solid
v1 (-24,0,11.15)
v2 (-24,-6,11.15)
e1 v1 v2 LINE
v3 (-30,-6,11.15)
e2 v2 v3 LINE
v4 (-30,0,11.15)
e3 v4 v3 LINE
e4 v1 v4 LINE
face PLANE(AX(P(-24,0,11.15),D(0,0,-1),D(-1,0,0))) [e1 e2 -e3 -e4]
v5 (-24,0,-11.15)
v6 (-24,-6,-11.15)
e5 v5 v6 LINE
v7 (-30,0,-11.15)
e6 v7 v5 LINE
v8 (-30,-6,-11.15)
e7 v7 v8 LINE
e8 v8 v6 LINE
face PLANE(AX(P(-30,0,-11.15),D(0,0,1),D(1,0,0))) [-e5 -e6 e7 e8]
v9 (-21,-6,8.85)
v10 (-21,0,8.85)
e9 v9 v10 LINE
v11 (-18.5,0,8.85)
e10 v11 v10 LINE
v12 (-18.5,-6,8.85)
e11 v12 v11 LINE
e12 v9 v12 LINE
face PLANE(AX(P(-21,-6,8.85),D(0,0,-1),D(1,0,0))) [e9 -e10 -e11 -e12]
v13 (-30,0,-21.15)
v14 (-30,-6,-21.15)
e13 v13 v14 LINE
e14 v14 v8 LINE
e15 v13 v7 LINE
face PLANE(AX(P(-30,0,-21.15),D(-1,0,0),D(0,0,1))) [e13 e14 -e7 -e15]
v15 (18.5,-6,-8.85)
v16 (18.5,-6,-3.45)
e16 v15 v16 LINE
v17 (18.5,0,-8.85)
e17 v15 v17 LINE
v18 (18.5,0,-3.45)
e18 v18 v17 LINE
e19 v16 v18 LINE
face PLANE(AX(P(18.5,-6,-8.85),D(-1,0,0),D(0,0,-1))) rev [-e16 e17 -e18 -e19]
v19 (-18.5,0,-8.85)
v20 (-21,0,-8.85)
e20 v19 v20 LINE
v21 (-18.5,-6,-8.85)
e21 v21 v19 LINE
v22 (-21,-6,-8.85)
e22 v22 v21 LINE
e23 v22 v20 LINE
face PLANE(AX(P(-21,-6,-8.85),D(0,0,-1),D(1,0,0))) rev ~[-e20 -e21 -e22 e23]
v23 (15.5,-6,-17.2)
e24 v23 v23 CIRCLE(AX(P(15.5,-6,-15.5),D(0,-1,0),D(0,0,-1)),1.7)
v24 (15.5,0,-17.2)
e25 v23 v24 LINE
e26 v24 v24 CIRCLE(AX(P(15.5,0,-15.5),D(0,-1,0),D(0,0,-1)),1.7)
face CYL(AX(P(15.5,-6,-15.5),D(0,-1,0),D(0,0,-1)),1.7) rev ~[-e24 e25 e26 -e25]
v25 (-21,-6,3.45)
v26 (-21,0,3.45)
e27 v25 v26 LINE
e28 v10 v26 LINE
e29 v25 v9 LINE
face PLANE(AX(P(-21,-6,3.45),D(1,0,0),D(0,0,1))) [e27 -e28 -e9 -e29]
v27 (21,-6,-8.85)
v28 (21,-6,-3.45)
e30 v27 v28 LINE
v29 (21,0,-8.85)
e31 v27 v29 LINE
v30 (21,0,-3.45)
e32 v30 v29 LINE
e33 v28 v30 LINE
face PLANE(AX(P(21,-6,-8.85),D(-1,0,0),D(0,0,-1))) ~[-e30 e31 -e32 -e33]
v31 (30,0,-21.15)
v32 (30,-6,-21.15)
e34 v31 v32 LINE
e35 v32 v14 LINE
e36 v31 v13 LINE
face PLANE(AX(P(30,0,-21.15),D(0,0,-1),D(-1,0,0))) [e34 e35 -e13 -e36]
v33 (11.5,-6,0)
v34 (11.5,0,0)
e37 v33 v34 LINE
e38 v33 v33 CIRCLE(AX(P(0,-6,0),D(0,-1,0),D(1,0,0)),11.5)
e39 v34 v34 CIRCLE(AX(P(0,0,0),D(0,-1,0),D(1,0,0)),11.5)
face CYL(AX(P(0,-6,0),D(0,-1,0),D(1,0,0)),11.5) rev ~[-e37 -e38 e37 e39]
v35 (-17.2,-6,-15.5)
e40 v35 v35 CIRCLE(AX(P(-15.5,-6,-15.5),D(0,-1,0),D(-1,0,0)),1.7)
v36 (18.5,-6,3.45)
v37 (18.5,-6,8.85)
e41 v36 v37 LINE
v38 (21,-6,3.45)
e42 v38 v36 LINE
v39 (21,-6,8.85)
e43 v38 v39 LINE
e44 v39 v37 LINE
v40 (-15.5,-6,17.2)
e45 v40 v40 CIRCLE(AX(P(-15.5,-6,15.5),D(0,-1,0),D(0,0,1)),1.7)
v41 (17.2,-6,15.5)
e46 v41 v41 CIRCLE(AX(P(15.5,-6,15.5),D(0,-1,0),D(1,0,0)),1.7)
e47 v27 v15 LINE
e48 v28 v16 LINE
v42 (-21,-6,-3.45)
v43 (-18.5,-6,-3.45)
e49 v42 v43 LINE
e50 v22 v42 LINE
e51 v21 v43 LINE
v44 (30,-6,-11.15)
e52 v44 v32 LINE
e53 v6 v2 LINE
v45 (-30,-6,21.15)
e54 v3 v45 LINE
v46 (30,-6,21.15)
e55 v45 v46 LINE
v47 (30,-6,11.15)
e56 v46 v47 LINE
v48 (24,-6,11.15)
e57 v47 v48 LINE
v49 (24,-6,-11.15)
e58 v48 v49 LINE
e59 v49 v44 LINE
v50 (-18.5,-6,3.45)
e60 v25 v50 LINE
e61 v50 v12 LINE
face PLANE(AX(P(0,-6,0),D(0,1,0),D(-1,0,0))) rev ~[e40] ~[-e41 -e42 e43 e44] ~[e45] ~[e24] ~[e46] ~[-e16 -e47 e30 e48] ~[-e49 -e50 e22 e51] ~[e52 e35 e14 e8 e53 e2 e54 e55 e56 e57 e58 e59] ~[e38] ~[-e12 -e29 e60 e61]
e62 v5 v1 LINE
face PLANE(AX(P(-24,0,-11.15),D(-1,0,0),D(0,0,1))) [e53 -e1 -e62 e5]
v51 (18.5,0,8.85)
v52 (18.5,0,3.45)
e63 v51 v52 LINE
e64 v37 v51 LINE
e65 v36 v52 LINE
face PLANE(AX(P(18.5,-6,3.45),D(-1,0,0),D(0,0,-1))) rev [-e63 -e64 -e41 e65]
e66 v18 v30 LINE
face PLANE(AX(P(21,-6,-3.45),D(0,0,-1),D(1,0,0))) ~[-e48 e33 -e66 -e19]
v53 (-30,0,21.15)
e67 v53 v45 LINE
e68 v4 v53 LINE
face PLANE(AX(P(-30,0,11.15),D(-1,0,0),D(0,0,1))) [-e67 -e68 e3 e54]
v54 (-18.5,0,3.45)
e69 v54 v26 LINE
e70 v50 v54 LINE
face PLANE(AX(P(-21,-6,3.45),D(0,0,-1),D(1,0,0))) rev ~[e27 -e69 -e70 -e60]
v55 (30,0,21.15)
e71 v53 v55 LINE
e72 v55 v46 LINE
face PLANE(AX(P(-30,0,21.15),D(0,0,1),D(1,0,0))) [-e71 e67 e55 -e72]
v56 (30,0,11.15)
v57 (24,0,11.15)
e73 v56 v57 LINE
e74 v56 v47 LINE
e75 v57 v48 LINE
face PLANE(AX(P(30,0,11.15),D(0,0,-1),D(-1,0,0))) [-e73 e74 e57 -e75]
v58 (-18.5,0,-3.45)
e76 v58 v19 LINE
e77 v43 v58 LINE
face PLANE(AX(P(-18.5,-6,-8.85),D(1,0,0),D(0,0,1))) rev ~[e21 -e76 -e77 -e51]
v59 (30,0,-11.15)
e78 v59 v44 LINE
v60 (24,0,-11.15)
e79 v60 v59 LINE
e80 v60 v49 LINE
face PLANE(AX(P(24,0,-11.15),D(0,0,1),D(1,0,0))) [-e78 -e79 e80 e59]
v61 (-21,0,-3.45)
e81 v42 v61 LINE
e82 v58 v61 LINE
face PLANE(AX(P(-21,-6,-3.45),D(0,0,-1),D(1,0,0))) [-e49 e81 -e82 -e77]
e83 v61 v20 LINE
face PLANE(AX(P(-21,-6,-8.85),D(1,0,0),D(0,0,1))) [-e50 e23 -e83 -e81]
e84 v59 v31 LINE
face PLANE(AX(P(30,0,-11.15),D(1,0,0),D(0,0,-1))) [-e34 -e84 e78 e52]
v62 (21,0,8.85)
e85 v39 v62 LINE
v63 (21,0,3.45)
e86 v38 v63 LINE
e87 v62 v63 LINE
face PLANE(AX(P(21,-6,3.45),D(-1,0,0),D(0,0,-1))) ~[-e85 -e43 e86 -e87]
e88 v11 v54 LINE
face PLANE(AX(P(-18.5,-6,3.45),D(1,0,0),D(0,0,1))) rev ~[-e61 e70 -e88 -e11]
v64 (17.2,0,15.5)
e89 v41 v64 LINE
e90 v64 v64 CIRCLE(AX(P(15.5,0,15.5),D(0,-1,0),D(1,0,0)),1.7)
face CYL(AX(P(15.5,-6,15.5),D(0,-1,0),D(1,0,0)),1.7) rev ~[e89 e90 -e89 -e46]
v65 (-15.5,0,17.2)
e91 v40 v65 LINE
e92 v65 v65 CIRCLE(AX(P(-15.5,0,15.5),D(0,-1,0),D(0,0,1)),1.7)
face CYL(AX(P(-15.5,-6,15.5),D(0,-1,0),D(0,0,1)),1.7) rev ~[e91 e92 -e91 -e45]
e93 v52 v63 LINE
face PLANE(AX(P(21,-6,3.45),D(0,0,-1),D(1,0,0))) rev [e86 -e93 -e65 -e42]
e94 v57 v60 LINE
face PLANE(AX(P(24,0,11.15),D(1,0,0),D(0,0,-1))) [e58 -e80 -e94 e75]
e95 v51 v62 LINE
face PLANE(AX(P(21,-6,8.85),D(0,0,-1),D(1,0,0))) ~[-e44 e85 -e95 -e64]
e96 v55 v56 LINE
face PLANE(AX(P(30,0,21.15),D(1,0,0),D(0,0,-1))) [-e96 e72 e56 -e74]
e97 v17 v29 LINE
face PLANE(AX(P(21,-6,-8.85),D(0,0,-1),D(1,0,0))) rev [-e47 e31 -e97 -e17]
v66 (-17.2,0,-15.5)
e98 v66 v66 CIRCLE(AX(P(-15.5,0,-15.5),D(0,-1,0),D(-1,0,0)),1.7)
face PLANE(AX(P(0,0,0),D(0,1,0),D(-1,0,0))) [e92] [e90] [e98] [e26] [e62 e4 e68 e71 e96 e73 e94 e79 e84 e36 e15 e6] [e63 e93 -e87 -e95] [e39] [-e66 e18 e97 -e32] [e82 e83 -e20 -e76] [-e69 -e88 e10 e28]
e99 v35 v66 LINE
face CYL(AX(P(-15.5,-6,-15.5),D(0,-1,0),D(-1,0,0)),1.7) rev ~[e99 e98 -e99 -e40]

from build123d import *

# Parameters (mm, degrees)
PAD_DEPTH          = 6
SKETCH001_R        = 11.5
POCKET_DEPTH       = 6.001
SKETCH002_W        = 2.5
SKETCH002_H        = 5.4
POCKET001_DEPTH    = 153.314136
SKETCH003_R        = 1.7
POCKET002_DEPTH    = 153.314136
POLARPATTERN_COUNT = 4


with BuildPart() as part:
    # Sketch → Pad (new body)
    with BuildSketch(Plane.XZ):
        Polygon((-30, 21.15), (30, 21.15), (30, 11.15), (24, 11.15), (24, -11.15), (30, -11.15), (30, -21.15), (-30, -21.15), (-30, -11.15), (-24, -11.15), (-24, 11.15), (-30, 11.15), align=None)
    extrude(amount=PAD_DEPTH)

    # Sketch001 (on Face14 of Pad) → Pocket (cut, through all)
    with BuildSketch(Plane.XZ.offset(6)):
        Circle(SKETCH001_R)
    extrude(amount=-POCKET_DEPTH, mode=Mode.SUBTRACT)

    # Sketch002 (on Face5 of Pocket) → Pocket001 (cut, through all)
    with BuildSketch(Plane.XZ.offset(6)):
        with Locations((-19.75, 6.15)):
            Rectangle(SKETCH002_W, SKETCH002_H)
        with Locations((-19.75, -6.15)):
            Rectangle(SKETCH002_W, SKETCH002_H)
    pocket001 = extrude(amount=-POCKET001_DEPTH, mode=Mode.SUBTRACT)

    # Mirrored: Pocket001 across Sketch002 V_Axis
    add(pocket001.mirror(Plane(origin=(0, -6, 0), x_dir=(0, -1, 0), z_dir=(1, 0, 0))), mode=Mode.SUBTRACT)

    # Sketch003 (on Face5 of Mirrored) → Pocket002 (cut, through all)
    with BuildSketch(Plane.XZ.offset(6)):
        with Locations((15.5, 15.5)):
            Circle(SKETCH003_R)
    pocket002 = extrude(amount=-POCKET002_DEPTH, mode=Mode.SUBTRACT)

    # PolarPattern: Pocket002 ×4 about axis
    polarpattern_axis = Axis((0, -6, 0), (0, -1, 0))
    for i in range(1, POLARPATTERN_COUNT):
        add(pocket002.rotate(polarpattern_axis, i * 360 / POLARPATTERN_COUNT), mode=Mode.SUBTRACT)


solid = part.part
